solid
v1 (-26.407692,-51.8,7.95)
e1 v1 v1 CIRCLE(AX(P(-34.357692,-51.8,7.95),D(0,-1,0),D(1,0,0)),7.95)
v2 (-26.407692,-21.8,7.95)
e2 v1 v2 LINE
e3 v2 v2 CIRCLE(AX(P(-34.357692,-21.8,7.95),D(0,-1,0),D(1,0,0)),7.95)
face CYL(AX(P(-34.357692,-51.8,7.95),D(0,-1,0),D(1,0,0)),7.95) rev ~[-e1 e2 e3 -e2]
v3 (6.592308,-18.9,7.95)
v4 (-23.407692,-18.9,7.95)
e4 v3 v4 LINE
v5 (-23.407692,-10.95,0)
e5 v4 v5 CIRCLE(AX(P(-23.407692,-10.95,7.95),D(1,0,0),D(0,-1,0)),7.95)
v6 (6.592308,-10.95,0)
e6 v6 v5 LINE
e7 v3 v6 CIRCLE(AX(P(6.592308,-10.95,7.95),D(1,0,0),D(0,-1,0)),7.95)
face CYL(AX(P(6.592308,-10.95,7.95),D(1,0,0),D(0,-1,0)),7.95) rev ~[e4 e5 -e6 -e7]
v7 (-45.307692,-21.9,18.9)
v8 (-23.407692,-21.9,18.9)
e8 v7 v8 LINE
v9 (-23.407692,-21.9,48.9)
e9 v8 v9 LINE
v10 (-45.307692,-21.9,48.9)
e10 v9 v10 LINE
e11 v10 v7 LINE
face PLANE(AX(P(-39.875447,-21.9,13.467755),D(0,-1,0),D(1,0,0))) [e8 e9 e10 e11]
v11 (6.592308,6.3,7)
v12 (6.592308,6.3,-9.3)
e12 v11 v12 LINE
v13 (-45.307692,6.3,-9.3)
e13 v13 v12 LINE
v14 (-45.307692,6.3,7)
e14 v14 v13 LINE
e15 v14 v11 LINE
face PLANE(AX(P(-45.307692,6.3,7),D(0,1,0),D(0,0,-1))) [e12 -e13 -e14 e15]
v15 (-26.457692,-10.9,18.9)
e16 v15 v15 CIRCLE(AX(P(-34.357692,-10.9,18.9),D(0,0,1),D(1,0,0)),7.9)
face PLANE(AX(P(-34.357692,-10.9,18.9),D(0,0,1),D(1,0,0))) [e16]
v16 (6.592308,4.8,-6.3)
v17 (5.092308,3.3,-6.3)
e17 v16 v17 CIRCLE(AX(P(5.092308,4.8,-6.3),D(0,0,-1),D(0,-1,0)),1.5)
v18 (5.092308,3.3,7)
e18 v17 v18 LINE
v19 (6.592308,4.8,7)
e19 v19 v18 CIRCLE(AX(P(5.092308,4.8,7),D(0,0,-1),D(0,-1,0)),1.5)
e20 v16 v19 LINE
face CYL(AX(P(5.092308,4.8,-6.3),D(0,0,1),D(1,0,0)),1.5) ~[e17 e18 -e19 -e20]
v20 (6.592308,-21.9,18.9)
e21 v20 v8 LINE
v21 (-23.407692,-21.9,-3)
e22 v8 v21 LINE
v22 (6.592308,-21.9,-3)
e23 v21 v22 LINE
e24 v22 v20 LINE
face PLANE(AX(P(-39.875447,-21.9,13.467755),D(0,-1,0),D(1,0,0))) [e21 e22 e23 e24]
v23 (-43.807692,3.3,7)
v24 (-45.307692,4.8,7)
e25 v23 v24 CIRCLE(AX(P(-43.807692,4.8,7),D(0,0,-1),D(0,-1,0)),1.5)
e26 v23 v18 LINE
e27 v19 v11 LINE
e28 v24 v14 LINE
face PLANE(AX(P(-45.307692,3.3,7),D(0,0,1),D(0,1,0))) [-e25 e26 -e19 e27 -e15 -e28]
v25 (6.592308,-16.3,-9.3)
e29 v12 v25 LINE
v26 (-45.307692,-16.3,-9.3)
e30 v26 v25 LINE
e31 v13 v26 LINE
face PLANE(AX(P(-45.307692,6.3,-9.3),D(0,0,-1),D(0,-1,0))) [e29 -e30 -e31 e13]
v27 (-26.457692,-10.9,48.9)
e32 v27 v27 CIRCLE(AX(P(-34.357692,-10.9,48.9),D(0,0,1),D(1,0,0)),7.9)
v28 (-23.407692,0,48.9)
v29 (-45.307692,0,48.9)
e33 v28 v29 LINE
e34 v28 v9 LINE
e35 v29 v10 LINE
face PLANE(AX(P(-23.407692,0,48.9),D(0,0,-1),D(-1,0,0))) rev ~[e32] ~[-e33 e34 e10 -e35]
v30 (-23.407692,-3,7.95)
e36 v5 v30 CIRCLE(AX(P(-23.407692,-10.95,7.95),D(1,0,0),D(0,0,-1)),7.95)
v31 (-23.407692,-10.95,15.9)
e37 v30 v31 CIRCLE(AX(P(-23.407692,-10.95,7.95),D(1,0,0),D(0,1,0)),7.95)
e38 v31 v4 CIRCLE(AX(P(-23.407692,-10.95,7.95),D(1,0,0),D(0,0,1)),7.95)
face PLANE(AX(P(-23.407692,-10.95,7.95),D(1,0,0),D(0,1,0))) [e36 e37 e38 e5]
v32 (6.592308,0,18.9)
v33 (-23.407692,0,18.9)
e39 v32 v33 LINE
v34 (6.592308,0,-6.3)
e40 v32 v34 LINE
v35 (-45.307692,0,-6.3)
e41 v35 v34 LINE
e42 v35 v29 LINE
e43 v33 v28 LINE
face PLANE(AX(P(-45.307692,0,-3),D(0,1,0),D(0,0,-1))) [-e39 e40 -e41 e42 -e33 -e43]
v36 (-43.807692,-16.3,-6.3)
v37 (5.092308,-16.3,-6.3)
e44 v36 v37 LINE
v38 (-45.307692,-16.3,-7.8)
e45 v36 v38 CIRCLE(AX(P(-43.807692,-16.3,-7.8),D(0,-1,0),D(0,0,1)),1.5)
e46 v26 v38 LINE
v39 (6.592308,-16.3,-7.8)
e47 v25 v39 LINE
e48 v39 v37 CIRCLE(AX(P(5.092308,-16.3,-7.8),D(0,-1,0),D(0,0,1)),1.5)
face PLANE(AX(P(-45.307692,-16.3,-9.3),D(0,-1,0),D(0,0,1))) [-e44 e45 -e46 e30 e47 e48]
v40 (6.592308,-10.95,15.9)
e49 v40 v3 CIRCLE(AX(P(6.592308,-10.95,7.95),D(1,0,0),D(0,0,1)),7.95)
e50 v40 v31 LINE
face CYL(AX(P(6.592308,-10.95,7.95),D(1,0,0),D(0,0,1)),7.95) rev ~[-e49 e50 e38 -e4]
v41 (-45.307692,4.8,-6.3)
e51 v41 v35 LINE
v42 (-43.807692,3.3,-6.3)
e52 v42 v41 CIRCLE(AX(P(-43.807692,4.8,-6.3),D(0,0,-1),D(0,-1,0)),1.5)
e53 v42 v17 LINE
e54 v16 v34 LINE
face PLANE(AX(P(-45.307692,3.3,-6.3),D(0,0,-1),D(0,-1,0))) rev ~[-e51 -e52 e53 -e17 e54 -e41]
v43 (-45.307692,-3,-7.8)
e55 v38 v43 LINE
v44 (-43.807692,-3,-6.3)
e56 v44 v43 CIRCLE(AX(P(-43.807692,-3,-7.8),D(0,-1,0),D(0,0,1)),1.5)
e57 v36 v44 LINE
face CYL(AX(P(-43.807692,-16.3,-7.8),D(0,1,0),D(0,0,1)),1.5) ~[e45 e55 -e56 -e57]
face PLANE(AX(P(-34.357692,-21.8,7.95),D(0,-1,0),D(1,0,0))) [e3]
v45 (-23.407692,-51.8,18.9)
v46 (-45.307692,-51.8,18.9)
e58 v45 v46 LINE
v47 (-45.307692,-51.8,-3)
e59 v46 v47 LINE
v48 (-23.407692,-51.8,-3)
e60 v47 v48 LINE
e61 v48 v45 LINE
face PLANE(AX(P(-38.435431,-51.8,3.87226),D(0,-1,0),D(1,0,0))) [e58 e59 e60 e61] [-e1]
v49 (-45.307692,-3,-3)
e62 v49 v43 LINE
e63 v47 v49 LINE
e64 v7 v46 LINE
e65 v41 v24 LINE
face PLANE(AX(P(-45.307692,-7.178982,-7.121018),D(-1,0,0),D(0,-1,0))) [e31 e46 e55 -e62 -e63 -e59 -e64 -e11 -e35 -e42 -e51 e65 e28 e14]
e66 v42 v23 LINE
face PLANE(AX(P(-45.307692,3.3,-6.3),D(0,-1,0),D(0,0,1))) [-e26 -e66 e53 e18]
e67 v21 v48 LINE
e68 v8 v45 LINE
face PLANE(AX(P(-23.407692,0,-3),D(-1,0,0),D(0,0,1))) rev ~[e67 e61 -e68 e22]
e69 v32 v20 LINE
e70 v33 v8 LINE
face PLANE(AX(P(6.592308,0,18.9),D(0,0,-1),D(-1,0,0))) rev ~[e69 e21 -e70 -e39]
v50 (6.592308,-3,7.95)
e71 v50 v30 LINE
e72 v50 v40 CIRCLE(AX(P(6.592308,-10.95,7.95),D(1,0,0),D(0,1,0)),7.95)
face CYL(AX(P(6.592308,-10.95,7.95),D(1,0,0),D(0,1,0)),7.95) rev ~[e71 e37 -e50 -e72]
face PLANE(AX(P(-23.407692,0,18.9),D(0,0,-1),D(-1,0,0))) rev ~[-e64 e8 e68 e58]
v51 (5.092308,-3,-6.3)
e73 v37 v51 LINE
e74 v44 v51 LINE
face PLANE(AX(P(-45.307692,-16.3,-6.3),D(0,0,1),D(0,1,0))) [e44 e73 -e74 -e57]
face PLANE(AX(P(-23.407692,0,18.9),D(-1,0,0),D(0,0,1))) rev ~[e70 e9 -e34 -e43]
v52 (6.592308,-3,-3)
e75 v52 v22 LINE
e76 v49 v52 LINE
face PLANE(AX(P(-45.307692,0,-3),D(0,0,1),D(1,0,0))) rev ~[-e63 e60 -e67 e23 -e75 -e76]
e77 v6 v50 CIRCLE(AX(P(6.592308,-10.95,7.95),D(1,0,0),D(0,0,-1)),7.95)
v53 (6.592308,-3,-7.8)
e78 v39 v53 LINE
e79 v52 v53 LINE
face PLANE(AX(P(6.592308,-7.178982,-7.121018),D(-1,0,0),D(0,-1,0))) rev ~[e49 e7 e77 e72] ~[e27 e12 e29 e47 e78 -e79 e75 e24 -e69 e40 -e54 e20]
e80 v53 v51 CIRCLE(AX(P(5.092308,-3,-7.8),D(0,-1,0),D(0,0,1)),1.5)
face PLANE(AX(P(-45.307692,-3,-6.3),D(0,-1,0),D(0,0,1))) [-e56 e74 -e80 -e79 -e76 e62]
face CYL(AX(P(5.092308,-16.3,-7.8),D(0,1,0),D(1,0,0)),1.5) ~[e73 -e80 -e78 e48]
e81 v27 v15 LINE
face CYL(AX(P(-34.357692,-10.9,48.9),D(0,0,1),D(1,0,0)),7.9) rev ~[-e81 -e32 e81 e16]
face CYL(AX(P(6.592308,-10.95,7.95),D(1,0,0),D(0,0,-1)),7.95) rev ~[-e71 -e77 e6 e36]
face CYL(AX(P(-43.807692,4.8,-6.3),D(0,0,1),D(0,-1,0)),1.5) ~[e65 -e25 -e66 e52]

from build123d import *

# Parameters (mm, degrees)
F0_W      = 27
F0_H      = 15.9
F0_W_2    = 15.9
F0_H_2    = 27
F0_W_3    = 3
F0_H_3    = 3
F1_DEPTH  = 21.9
F2_DEPTH  = 51.8
F3_R      = 7.95
F6_DEPTH  = 30
F7_DEPTH  = 30
F4_R      = 7.9
F8_DEPTH  = 30
F9_W      = 3.3
F9_H      = 3
F10_DEPTH = 51.9
F11_R     = 1.5


with BuildPart() as f1:
    # F0 (on Front) → F1 (new body)
    with BuildSketch(Plane.XZ):
        with BuildLine():
            Line((-34.3576915575, 15.9), (-42.3076915575, 15.9))
            Line((-42.3076915575, 15.9), (-42.3076915575, 7.9499999931))
            ThreePointArc((-42.3076915575, 7.9499999931), (-39.9791904704, 13.571498908), (-34.3576915575, 15.9))
        make_face()
        with BuildLine():
            ThreePointArc((-34.3576915575, 15.9), (-39.9791904704, 13.571498908), (-42.3076915575, 7.9499999931))
            ThreePointArc((-42.3076915575, 7.9499999931), (-39.9791904655, 2.3285010871), (-34.3576915575, 0))
            ThreePointArc((-34.3576915575, 0), (-28.7361926471, 2.3285010896), (-26.4076915575, 7.95))
            ThreePointArc((-26.4076915575, 7.95), (-28.7361926471, 13.5714989104), (-34.3576915575, 15.9))
        make_face()
        Polygon((-42.3076915575, 18.9), (-42.3076915575, 45.9), (-26.4076915575, 45.9), (-26.4076915575, 18.9), (-23.4076915575, 18.9), (-23.4076915575, 48.9), (-45.3076915575, 48.9), (-45.3076915575, 18.9), align=None)
        with Locations((-9.9076915575, 7.95)):
            Rectangle(F0_W, F0_H)
        with Locations((-34.3576915575, 32.4)):
            Rectangle(F0_W_2, F0_H_2)
        with BuildLine():
            ThreePointArc((-34.3576915575, 0), (-39.9791904655, 2.3285010871), (-42.3076915575, 7.9499999931))
            Line((-42.3076915575, 7.9499999931), (-42.3076915575, 0))
            Line((-42.3076915575, 0), (-34.3576915575, 0))
        make_face()
        with BuildLine():
            Line((-26.4076915575, 0), (-26.4076915575, 7.95))
            ThreePointArc((-26.4076915575, 7.95), (-28.7361926471, 2.3285010896), (-34.3576915575, 0))
            Line((-34.3576915575, 0), (-26.4076915575, 0))
        make_face()
        with BuildLine():
            Line((-26.4076915575, 7.95), (-26.4076915575, 15.9))
            Line((-26.4076915575, 15.9), (-34.3576915575, 15.9))
            ThreePointArc((-34.3576915575, 15.9), (-28.7361926471, 13.5714989104), (-26.4076915575, 7.95))
        make_face()
        Polygon((6.5923084425, 18.9), (-23.4076915575, 18.9), (-23.4076915575, 15.9), (3.5923084425, 15.9), (3.5923084425, 0), (-23.4076915575, 0), (-23.4076915575, -3), (6.5923084425, -3), align=None)
        Polygon((-26.4076915575, 18.9), (-42.3076915575, 18.9), (-42.3076915575, 15.9), (-34.3576915575, 15.9), (-26.4076915575, 15.9), align=None)
        Polygon((-23.4076915575, 15.9), (-26.4076915575, 15.9), (-26.4076915575, 7.95), (-26.4076915575, 0), (-23.4076915575, 0), align=None)
        Polygon((-42.3076915575, 15.9), (-42.3076915575, 18.9), (-45.3076915575, 18.9), (-45.3076915575, -3), (-23.4076915575, -3), (-23.4076915575, 0), (-26.4076915575, 0), (-34.3576915575, 0), (-42.3076915575, 0), (-42.3076915575, 7.9499999931), align=None)
        with Locations((-24.9076915575, 17.4)):
            Rectangle(F0_W_3, F0_H_3)
    extrude(amount=F1_DEPTH)

    # F0 (on Front) → F2 (join)
    with BuildSketch(Plane.XZ):
        Polygon((-42.3076915575, 15.9), (-42.3076915575, 18.9), (-45.3076915575, 18.9), (-45.3076915575, -3), (-23.4076915575, -3), (-23.4076915575, 0), (-26.4076915575, 0), (-34.3576915575, 0), (-42.3076915575, 0), (-42.3076915575, 7.9499999931), align=None)
        with BuildLine():
            ThreePointArc((-34.3576915575, 15.9), (-39.9791904704, 13.571498908), (-42.3076915575, 7.9499999931))
            ThreePointArc((-42.3076915575, 7.9499999931), (-39.9791904655, 2.3285010871), (-34.3576915575, 0))
            ThreePointArc((-34.3576915575, 0), (-28.7361926471, 2.3285010896), (-26.4076915575, 7.95))
            ThreePointArc((-26.4076915575, 7.95), (-28.7361926471, 13.5714989104), (-34.3576915575, 15.9))
        make_face()
        Polygon((-26.4076915575, 18.9), (-42.3076915575, 18.9), (-42.3076915575, 15.9), (-34.3576915575, 15.9), (-26.4076915575, 15.9), align=None)
        Polygon((-23.4076915575, 15.9), (-26.4076915575, 15.9), (-26.4076915575, 7.95), (-26.4076915575, 0), (-23.4076915575, 0), align=None)
        with Locations((-24.9076915575, 17.4)):
            Rectangle(F0_W_3, F0_H_3)
        with BuildLine():
            Line((-26.4076915575, 7.95), (-26.4076915575, 15.9))
            Line((-26.4076915575, 15.9), (-34.3576915575, 15.9))
            ThreePointArc((-34.3576915575, 15.9), (-28.7361926471, 13.5714989104), (-26.4076915575, 7.95))
        make_face()
        with BuildLine():
            Line((-34.3576915575, 15.9), (-42.3076915575, 15.9))
            Line((-42.3076915575, 15.9), (-42.3076915575, 7.9499999931))
            ThreePointArc((-42.3076915575, 7.9499999931), (-39.9791904704, 13.571498908), (-34.3576915575, 15.9))
        make_face()
        with BuildLine():
            ThreePointArc((-34.3576915575, 0), (-39.9791904655, 2.3285010871), (-42.3076915575, 7.9499999931))
            Line((-42.3076915575, 7.9499999931), (-42.3076915575, 0))
            Line((-42.3076915575, 0), (-34.3576915575, 0))
        make_face()
        with BuildLine():
            Line((-26.4076915575, 0), (-26.4076915575, 7.95))
            ThreePointArc((-26.4076915575, 7.95), (-28.7361926471, 2.3285010896), (-34.3576915575, 0))
            Line((-34.3576915575, 0), (-26.4076915575, 0))
        make_face()
    extrude(amount=F2_DEPTH)

    # F3 (on face) → F6 (cut)
    with BuildSketch(Plane.XZ.offset(51.8)):
        with Locations((-34.3576915575, 7.95)):
            Circle(F3_R)
    extrude(amount=-F6_DEPTH, mode=Mode.SUBTRACT)

    # F5 (on face) → F7 (cut)
    with BuildSketch(Plane.YZ.offset(6.5923084425)):
        with BuildLine():
            ThreePointArc((-3, 7.95), (-5.3285010896, 13.5714989104), (-10.95, 15.9))
            ThreePointArc((-10.95, 15.9), (-16.5714989104, 13.5714989104), (-18.9, 7.95))
            ThreePointArc((-18.9, 7.95), (-16.5714989104, 2.3285010896), (-10.95, 0))
            ThreePointArc((-10.95, 0), (-5.3285010896, 2.3285010896), (-3, 7.95))
        make_face()
    extrude(amount=-F7_DEPTH, mode=Mode.SUBTRACT)

    # F4 (on face) → F8 (cut)
    with BuildSketch(Plane.XY.offset(48.9)):
        with Locations((-34.3576915575, -10.9)):
            Circle(F4_R)
    extrude(amount=-F8_DEPTH, mode=Mode.SUBTRACT)

    # F9 (on face) → F10 (join)
    with BuildSketch(Plane(origin=(-45.3076915575, 0, 0), x_dir=(0, -1, 0), z_dir=(-1, 0, 0))):
        Polygon((3, -3), (0, -3), (0, -6.3), (0, -9.3), (16.3, -9.3), (16.3, -6.3), (3, -6.3), align=None)
        with Locations((-1.65, -7.8)):
            Rectangle(F9_W, F9_H)
        Polygon((-3.3, -9.3), (-3.3, -6.3), (-3.3, 7), (-6.3, 7), (-6.3, -9.3), align=None)
    extrude(amount=-F10_DEPTH)

    # F11
    f11_edges = [f1.edges().sort_by_distance(p)[0] for p in [
        (-45.307692, -9.65, -6.3),
        (6.592308, -9.65, -6.3),
        (-45.307692, 3.3, 0.35),
        (6.592308, 3.3, 0.35),
    ]]
    fillet(f11_edges, radius=F11_R)


solid = f1.part
